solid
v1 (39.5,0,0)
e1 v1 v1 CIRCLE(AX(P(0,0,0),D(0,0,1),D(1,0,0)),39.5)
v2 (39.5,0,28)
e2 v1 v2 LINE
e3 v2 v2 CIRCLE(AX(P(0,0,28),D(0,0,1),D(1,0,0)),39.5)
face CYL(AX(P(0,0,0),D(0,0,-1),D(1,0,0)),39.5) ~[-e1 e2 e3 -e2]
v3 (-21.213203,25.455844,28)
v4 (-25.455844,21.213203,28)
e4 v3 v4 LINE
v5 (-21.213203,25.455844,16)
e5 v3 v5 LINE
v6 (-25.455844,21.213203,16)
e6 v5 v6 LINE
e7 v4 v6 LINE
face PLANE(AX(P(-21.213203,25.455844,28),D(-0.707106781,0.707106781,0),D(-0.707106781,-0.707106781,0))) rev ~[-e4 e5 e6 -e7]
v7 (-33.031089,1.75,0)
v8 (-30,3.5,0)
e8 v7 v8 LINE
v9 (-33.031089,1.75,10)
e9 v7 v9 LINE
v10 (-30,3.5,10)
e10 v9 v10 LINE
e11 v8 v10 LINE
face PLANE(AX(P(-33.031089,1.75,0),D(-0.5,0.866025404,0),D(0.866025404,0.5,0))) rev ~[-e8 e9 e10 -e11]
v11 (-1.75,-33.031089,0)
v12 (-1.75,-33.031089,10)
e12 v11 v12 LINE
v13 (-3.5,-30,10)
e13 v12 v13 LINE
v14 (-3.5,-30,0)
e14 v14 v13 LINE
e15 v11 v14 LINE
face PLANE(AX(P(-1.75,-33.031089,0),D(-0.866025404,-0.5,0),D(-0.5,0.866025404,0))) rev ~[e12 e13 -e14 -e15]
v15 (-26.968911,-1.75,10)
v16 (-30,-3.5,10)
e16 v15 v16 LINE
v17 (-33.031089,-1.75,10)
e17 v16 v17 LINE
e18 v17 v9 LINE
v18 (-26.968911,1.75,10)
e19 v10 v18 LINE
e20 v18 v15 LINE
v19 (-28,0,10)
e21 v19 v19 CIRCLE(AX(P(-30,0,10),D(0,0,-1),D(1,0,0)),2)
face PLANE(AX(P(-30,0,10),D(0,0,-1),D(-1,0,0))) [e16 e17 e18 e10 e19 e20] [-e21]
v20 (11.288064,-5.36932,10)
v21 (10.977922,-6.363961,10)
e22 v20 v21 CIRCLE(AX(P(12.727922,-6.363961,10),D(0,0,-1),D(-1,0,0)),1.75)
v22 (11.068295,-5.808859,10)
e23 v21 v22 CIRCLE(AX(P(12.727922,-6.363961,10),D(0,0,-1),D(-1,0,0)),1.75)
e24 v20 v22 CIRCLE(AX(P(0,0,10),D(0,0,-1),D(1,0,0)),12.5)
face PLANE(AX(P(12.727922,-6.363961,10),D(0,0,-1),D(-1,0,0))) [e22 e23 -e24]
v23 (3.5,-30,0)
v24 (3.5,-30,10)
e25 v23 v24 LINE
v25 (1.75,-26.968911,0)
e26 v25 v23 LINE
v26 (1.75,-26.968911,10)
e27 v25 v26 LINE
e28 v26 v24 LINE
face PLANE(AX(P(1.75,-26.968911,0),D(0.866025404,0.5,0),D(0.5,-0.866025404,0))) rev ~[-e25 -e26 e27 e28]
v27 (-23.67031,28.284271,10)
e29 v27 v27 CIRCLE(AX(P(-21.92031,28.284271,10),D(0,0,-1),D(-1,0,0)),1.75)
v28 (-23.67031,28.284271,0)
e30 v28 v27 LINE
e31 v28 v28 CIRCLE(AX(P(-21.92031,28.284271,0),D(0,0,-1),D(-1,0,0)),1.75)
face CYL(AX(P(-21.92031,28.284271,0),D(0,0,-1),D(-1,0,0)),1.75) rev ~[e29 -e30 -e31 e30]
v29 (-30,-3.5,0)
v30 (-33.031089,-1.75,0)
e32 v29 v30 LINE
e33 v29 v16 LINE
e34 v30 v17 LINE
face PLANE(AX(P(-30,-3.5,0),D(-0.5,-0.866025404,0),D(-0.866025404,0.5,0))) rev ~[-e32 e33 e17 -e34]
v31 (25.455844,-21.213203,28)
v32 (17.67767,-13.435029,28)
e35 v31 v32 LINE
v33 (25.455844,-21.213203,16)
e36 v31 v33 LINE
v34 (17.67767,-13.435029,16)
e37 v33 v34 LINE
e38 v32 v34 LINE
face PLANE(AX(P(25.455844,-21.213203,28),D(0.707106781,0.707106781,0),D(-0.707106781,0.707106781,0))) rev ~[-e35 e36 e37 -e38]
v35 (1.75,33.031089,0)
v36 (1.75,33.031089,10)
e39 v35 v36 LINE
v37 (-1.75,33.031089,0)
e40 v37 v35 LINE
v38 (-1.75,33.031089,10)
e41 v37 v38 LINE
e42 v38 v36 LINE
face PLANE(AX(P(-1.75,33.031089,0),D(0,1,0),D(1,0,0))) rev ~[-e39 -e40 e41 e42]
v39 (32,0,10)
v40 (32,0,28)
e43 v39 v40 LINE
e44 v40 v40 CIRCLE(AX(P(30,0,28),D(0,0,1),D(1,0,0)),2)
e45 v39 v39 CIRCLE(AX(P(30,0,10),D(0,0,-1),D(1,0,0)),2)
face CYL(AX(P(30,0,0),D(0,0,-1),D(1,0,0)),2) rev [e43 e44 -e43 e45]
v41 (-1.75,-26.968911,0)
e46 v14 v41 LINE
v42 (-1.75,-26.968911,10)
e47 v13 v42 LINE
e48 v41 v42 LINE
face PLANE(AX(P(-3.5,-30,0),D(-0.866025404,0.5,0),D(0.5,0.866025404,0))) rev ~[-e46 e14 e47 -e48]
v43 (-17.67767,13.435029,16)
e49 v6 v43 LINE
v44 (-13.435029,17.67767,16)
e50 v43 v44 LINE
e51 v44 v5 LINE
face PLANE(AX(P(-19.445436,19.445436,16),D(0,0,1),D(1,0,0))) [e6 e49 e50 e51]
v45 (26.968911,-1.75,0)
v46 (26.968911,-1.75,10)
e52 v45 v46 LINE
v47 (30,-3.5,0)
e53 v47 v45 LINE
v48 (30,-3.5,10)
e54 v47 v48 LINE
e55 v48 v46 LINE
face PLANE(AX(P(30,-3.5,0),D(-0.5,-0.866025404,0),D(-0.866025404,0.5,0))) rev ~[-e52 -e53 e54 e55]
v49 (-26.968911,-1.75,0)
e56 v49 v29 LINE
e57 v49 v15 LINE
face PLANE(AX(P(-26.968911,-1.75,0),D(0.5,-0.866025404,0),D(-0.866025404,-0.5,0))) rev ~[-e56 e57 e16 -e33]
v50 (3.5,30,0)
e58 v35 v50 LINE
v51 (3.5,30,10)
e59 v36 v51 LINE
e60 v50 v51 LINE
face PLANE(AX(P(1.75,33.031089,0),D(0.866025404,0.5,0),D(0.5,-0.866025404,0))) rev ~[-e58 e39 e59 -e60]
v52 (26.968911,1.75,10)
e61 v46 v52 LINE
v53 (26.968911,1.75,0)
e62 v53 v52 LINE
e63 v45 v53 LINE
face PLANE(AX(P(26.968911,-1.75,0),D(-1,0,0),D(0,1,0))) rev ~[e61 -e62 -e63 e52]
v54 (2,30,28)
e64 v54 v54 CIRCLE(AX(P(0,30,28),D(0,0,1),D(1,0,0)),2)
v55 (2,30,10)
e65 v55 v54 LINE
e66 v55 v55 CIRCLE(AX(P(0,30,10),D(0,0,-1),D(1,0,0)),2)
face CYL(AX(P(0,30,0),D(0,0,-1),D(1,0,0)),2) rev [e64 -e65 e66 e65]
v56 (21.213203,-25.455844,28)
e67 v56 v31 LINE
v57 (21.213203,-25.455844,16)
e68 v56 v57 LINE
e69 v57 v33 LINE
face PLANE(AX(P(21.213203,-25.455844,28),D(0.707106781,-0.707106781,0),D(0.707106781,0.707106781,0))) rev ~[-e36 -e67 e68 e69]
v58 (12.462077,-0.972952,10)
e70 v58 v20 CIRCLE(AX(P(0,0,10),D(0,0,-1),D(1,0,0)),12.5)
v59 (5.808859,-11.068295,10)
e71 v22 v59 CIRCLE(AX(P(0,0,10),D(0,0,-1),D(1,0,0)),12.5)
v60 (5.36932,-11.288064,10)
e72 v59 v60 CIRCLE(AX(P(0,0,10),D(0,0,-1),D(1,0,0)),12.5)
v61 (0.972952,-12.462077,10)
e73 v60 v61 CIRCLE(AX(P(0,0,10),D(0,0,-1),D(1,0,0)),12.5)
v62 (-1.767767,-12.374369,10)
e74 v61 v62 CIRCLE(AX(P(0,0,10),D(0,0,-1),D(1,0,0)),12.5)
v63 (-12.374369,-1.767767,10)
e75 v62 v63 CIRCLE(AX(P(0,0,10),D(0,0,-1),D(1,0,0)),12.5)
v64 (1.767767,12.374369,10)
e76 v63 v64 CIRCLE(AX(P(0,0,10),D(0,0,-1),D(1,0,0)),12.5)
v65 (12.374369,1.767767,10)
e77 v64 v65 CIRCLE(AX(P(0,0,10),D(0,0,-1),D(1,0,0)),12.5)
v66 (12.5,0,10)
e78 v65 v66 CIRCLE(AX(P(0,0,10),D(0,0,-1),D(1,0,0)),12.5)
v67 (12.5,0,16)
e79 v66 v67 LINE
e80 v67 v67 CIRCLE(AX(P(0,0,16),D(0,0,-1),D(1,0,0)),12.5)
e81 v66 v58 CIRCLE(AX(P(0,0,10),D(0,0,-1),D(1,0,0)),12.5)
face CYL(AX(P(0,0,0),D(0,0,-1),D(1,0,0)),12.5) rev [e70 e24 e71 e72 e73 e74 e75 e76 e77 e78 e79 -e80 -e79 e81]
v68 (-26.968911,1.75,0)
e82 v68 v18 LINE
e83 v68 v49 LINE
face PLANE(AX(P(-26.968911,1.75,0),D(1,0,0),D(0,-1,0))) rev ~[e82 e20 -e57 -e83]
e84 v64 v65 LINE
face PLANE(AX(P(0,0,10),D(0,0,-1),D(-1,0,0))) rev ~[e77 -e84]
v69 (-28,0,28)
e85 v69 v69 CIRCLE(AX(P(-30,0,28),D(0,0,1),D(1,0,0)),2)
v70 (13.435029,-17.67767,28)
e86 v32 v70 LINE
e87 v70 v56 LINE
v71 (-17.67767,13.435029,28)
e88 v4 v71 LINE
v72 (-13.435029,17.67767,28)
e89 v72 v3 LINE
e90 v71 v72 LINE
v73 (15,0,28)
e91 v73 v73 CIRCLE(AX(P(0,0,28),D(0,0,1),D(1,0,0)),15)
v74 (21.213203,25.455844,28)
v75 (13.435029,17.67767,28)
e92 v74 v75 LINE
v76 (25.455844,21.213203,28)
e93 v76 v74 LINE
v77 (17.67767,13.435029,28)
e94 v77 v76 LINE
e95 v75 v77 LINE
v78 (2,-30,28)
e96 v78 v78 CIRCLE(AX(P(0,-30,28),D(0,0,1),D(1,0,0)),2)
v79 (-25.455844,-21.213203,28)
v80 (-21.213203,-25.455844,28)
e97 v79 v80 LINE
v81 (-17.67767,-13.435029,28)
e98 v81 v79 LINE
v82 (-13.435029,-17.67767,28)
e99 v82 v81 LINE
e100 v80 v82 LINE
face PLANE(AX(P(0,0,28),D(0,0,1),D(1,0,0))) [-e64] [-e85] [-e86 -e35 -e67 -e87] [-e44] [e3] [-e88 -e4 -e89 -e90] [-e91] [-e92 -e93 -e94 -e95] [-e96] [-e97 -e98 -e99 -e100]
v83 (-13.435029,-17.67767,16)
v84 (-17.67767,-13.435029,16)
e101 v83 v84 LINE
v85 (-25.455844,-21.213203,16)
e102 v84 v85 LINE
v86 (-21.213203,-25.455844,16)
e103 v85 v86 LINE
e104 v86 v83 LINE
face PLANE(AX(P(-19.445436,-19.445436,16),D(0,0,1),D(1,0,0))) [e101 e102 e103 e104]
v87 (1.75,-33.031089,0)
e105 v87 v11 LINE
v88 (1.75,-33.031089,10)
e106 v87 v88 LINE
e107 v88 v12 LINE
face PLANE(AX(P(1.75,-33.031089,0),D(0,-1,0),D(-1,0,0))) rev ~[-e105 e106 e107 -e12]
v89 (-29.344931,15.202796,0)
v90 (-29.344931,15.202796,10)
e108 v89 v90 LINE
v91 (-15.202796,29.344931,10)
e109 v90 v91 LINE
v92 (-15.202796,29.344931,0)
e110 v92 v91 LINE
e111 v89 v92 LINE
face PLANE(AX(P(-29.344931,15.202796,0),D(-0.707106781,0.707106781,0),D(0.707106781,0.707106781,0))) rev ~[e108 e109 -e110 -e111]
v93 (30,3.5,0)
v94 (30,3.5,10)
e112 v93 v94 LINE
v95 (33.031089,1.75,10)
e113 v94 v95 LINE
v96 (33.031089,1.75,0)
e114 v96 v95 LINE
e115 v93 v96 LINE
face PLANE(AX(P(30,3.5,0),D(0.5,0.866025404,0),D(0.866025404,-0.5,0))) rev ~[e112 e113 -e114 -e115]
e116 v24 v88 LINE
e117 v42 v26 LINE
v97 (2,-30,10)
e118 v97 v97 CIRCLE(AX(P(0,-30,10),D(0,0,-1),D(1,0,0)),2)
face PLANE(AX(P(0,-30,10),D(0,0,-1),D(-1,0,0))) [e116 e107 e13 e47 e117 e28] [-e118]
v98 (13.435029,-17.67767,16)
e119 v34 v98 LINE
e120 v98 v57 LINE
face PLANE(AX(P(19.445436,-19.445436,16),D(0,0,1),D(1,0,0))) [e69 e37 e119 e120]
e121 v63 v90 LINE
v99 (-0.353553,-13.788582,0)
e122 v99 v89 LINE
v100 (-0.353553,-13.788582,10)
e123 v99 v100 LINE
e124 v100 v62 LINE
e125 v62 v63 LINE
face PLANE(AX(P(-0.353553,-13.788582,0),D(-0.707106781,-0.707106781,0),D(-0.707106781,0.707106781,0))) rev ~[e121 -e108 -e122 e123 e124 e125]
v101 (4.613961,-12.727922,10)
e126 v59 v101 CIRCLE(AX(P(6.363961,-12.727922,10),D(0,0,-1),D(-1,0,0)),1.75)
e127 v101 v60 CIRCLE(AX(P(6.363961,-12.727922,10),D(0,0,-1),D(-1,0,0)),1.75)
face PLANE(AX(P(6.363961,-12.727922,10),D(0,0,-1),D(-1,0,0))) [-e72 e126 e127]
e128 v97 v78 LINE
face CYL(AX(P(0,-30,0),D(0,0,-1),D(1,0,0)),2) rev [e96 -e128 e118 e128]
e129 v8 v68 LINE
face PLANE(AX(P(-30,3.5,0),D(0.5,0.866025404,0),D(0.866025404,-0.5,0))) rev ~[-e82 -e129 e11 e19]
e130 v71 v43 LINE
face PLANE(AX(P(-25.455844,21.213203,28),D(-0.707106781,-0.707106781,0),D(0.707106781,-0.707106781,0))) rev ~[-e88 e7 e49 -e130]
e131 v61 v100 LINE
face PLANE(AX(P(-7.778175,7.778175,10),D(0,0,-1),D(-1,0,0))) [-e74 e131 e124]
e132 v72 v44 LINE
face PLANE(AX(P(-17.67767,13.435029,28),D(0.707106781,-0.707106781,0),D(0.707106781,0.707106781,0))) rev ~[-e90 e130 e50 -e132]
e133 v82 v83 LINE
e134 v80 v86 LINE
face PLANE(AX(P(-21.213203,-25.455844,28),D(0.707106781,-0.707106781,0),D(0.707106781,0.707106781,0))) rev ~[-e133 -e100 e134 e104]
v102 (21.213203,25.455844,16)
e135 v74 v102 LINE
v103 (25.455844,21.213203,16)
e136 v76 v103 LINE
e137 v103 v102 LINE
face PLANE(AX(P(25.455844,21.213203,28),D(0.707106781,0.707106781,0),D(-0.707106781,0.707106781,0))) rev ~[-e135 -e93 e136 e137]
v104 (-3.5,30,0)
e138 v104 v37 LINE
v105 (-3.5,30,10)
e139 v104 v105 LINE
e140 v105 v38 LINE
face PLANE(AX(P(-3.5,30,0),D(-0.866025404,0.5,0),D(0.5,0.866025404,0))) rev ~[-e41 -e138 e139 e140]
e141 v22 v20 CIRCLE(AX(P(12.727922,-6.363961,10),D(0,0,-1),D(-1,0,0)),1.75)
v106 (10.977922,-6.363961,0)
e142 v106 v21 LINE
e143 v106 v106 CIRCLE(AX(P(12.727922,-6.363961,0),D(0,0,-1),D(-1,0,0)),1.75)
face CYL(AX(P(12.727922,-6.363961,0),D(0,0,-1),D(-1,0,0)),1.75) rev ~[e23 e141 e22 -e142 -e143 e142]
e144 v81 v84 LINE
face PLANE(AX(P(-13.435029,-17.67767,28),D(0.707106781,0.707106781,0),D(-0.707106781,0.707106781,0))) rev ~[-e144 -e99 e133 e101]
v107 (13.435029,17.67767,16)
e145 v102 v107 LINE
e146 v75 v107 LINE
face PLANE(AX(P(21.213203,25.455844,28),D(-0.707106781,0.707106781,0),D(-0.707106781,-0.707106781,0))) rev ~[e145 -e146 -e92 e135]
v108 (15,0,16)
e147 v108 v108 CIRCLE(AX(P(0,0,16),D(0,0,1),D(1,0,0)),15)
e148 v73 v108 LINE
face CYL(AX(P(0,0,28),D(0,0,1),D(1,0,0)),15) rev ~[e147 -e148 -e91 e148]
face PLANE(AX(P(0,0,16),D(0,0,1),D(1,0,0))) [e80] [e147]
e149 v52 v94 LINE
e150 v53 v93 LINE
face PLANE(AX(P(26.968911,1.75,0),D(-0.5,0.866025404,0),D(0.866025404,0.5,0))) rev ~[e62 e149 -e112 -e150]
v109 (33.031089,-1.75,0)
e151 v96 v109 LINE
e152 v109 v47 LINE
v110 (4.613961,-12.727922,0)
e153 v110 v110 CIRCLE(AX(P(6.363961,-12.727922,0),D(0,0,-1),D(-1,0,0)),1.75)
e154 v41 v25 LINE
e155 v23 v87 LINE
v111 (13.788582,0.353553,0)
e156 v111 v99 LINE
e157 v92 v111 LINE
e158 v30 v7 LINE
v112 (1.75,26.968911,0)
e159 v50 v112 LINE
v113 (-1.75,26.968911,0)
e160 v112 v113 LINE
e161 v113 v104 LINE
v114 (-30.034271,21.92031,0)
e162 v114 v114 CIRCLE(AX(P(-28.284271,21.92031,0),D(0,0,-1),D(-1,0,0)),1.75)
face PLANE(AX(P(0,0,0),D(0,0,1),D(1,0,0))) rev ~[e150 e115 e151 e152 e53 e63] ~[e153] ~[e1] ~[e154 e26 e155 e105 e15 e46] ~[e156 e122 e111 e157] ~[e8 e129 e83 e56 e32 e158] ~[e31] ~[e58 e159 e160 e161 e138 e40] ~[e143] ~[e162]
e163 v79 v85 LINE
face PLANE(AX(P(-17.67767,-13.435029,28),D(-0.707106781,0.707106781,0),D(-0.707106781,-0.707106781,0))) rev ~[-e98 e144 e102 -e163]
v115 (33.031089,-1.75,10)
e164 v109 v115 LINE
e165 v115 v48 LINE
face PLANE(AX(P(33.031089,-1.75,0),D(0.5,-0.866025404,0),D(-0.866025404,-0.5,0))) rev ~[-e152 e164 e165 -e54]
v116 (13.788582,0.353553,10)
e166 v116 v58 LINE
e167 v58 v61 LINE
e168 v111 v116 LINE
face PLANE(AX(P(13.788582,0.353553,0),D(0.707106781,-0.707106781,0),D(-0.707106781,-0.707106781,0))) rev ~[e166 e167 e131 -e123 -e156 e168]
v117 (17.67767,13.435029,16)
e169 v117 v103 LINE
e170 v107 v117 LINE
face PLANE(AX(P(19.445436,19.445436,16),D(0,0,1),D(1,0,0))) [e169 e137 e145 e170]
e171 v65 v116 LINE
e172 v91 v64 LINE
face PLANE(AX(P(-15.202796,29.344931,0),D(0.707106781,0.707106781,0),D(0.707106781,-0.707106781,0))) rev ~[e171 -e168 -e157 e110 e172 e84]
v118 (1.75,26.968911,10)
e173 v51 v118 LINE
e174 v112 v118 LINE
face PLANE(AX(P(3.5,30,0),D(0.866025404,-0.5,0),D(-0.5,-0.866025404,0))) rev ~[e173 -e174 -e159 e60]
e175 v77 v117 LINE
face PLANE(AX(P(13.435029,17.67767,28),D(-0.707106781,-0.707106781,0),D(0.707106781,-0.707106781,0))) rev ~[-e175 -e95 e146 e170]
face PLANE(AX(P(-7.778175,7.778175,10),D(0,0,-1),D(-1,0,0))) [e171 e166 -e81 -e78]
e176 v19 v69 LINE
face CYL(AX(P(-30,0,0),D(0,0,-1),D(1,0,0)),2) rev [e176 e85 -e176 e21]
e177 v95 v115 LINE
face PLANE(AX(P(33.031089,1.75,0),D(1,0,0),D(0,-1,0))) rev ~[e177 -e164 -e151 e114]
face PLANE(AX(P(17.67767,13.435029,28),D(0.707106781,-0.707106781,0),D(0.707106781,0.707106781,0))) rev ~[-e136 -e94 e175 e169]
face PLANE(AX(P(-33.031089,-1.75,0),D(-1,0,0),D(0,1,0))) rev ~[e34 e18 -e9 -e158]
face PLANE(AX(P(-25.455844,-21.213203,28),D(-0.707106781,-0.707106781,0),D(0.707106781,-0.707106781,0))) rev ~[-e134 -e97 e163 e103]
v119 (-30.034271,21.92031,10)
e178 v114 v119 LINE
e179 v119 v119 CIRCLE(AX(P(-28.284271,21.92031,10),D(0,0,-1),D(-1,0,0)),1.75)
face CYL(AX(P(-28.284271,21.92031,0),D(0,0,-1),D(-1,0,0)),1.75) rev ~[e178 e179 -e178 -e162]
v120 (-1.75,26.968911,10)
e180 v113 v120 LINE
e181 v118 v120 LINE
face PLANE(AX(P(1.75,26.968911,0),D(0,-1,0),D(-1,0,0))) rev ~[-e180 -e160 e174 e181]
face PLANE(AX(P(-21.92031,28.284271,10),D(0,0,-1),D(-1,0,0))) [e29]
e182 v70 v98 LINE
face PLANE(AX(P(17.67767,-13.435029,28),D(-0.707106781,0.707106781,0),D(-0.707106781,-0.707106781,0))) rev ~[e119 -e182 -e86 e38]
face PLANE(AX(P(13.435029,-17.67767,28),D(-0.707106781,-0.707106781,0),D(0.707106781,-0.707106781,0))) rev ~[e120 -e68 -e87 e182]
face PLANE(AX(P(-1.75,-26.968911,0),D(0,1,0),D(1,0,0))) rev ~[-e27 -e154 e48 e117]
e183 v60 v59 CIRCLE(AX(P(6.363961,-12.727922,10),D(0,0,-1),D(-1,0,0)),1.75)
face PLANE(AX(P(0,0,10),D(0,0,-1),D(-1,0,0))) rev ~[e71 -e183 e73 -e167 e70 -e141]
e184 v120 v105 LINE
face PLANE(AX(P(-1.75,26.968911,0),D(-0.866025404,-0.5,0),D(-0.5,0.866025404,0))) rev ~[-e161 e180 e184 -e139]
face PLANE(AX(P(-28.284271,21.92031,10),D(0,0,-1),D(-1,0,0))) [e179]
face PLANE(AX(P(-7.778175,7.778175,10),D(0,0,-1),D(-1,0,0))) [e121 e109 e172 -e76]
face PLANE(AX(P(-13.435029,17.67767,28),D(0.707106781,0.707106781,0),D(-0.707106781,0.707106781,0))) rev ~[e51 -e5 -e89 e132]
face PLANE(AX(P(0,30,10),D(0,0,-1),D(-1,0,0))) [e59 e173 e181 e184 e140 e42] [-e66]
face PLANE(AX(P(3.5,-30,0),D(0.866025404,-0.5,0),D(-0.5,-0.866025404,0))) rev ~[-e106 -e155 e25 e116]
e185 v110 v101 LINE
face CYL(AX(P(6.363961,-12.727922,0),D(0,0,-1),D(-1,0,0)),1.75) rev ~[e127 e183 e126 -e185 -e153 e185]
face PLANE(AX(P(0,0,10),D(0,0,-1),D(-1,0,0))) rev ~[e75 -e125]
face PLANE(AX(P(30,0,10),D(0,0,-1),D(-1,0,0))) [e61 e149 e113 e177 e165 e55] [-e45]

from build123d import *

# Parameters (mm, degrees)
CROQUIS1_R              = 39.5
CROQUIS1_R_2            = 12.5
CROQUIS1_R_3            = 2
SALIENTE_EXTRUIR1_DEPTH = 28
CROQUIS3_R              = 15
CORTAR_EXTRUIR1_DEPTH   = 12
CROQUIS5_R              = 16.857920318
SALIENTE_EXTRUIR2_DEPTH = 10
CROQUIS4_R              = 1.75
CORTAR_EXTRUIR2_DEPTH   = 10


with BuildPart() as part:
    # Croquis1 → Saliente-Extruir1 (new body)
    with BuildSketch(Plane.XY):
        Circle(CROQUIS1_R)
        Circle(CROQUIS1_R_2, mode=Mode.SUBTRACT)
        with Locations((0, 30)):
            Circle(CROQUIS1_R_3, mode=Mode.SUBTRACT)
        with Locations((30, 0)):
            Circle(CROQUIS1_R_3, mode=Mode.SUBTRACT)
        with Locations((0, -30)):
            Circle(CROQUIS1_R_3, mode=Mode.SUBTRACT)
        with Locations((-30, 0)):
            Circle(CROQUIS1_R_3, mode=Mode.SUBTRACT)
    extrude(amount=SALIENTE_EXTRUIR1_DEPTH)

    # Croquis3 → Cortar-Extruir1 (cut)
    with BuildSketch(Plane.XY.offset(28)):
        Circle(CROQUIS3_R)
        Polygon((17.67766953, 13.435028843), (25.455844123, 21.213203436), (21.213203436, 25.455844123), (13.435028843, 17.67766953), align=None)
        Polygon((13.435028843, -17.67766953), (21.213203436, -25.455844123), (25.455844123, -21.213203436), (17.67766953, -13.435028843), align=None)
        Polygon((-17.67766953, -13.435028843), (-25.455844123, -21.213203436), (-21.213203436, -25.455844123), (-13.435028843, -17.67766953), align=None)
        Polygon((-13.435028843, 17.67766953), (-21.213203436, 25.455844123), (-25.455844123, 21.213203436), (-17.67766953, 13.435028843), align=None)
    extrude(amount=-CORTAR_EXTRUIR1_DEPTH, mode=Mode.SUBTRACT)

    # Croquis5 → Saliente-Extruir2 (add)
    with BuildSketch(Plane(origin=(0, 0, 0), x_dir=(-1, 0, 0), z_dir=(0, 0, -1))):
        Circle(CROQUIS5_R)
    extrude(amount=-SALIENTE_EXTRUIR2_DEPTH)

    # Croquis4 → Cortar-Extruir2 (cut)
    with BuildSketch(Plane(origin=(0, 0, 0), x_dir=(-1, 0, 0), z_dir=(0, 0, -1))):
        with Locations((-12.727922061, -6.363961031)):
            Circle(CROQUIS4_R)
        with Locations((-6.363961031, -12.727922061)):
            Circle(CROQUIS4_R)
        with Locations((21.920310217, 28.284271247)):
            Circle(CROQUIS4_R)
        with Locations((28.284271247, 21.920310217)):
            Circle(CROQUIS4_R)
        Polygon((30, -3.5), (33.031088913, -1.75), (33.031088913, 1.75), (30, 3.5), (26.968911087, 1.75), (26.968911087, -1.75), align=None)
        Polygon((3.5, 30), (1.75, 33.031088913), (-1.75, 33.031088913), (-3.5, 30), (-1.75, 26.968911087), (1.75, 26.968911087), align=None)
        Polygon((-3.5, -30), (-1.75, -33.031088913), (1.75, -33.031088913), (3.5, -30), (1.75, -26.968911087), (-1.75, -26.968911087), align=None)
        Polygon((-30, 3.5), (-33.031088913, 1.75), (-33.031088913, -1.75), (-30, -3.5), (-26.968911087, -1.75), (-26.968911087, 1.75), align=None)
        Polygon((0.353553391, -13.788582233), (29.344931419, 15.202795796), (15.202795796, 29.344931419), (-13.788582233, 0.353553391), align=None)
    extrude(amount=-CORTAR_EXTRUIR2_DEPTH, mode=Mode.SUBTRACT)


solid = part.part
